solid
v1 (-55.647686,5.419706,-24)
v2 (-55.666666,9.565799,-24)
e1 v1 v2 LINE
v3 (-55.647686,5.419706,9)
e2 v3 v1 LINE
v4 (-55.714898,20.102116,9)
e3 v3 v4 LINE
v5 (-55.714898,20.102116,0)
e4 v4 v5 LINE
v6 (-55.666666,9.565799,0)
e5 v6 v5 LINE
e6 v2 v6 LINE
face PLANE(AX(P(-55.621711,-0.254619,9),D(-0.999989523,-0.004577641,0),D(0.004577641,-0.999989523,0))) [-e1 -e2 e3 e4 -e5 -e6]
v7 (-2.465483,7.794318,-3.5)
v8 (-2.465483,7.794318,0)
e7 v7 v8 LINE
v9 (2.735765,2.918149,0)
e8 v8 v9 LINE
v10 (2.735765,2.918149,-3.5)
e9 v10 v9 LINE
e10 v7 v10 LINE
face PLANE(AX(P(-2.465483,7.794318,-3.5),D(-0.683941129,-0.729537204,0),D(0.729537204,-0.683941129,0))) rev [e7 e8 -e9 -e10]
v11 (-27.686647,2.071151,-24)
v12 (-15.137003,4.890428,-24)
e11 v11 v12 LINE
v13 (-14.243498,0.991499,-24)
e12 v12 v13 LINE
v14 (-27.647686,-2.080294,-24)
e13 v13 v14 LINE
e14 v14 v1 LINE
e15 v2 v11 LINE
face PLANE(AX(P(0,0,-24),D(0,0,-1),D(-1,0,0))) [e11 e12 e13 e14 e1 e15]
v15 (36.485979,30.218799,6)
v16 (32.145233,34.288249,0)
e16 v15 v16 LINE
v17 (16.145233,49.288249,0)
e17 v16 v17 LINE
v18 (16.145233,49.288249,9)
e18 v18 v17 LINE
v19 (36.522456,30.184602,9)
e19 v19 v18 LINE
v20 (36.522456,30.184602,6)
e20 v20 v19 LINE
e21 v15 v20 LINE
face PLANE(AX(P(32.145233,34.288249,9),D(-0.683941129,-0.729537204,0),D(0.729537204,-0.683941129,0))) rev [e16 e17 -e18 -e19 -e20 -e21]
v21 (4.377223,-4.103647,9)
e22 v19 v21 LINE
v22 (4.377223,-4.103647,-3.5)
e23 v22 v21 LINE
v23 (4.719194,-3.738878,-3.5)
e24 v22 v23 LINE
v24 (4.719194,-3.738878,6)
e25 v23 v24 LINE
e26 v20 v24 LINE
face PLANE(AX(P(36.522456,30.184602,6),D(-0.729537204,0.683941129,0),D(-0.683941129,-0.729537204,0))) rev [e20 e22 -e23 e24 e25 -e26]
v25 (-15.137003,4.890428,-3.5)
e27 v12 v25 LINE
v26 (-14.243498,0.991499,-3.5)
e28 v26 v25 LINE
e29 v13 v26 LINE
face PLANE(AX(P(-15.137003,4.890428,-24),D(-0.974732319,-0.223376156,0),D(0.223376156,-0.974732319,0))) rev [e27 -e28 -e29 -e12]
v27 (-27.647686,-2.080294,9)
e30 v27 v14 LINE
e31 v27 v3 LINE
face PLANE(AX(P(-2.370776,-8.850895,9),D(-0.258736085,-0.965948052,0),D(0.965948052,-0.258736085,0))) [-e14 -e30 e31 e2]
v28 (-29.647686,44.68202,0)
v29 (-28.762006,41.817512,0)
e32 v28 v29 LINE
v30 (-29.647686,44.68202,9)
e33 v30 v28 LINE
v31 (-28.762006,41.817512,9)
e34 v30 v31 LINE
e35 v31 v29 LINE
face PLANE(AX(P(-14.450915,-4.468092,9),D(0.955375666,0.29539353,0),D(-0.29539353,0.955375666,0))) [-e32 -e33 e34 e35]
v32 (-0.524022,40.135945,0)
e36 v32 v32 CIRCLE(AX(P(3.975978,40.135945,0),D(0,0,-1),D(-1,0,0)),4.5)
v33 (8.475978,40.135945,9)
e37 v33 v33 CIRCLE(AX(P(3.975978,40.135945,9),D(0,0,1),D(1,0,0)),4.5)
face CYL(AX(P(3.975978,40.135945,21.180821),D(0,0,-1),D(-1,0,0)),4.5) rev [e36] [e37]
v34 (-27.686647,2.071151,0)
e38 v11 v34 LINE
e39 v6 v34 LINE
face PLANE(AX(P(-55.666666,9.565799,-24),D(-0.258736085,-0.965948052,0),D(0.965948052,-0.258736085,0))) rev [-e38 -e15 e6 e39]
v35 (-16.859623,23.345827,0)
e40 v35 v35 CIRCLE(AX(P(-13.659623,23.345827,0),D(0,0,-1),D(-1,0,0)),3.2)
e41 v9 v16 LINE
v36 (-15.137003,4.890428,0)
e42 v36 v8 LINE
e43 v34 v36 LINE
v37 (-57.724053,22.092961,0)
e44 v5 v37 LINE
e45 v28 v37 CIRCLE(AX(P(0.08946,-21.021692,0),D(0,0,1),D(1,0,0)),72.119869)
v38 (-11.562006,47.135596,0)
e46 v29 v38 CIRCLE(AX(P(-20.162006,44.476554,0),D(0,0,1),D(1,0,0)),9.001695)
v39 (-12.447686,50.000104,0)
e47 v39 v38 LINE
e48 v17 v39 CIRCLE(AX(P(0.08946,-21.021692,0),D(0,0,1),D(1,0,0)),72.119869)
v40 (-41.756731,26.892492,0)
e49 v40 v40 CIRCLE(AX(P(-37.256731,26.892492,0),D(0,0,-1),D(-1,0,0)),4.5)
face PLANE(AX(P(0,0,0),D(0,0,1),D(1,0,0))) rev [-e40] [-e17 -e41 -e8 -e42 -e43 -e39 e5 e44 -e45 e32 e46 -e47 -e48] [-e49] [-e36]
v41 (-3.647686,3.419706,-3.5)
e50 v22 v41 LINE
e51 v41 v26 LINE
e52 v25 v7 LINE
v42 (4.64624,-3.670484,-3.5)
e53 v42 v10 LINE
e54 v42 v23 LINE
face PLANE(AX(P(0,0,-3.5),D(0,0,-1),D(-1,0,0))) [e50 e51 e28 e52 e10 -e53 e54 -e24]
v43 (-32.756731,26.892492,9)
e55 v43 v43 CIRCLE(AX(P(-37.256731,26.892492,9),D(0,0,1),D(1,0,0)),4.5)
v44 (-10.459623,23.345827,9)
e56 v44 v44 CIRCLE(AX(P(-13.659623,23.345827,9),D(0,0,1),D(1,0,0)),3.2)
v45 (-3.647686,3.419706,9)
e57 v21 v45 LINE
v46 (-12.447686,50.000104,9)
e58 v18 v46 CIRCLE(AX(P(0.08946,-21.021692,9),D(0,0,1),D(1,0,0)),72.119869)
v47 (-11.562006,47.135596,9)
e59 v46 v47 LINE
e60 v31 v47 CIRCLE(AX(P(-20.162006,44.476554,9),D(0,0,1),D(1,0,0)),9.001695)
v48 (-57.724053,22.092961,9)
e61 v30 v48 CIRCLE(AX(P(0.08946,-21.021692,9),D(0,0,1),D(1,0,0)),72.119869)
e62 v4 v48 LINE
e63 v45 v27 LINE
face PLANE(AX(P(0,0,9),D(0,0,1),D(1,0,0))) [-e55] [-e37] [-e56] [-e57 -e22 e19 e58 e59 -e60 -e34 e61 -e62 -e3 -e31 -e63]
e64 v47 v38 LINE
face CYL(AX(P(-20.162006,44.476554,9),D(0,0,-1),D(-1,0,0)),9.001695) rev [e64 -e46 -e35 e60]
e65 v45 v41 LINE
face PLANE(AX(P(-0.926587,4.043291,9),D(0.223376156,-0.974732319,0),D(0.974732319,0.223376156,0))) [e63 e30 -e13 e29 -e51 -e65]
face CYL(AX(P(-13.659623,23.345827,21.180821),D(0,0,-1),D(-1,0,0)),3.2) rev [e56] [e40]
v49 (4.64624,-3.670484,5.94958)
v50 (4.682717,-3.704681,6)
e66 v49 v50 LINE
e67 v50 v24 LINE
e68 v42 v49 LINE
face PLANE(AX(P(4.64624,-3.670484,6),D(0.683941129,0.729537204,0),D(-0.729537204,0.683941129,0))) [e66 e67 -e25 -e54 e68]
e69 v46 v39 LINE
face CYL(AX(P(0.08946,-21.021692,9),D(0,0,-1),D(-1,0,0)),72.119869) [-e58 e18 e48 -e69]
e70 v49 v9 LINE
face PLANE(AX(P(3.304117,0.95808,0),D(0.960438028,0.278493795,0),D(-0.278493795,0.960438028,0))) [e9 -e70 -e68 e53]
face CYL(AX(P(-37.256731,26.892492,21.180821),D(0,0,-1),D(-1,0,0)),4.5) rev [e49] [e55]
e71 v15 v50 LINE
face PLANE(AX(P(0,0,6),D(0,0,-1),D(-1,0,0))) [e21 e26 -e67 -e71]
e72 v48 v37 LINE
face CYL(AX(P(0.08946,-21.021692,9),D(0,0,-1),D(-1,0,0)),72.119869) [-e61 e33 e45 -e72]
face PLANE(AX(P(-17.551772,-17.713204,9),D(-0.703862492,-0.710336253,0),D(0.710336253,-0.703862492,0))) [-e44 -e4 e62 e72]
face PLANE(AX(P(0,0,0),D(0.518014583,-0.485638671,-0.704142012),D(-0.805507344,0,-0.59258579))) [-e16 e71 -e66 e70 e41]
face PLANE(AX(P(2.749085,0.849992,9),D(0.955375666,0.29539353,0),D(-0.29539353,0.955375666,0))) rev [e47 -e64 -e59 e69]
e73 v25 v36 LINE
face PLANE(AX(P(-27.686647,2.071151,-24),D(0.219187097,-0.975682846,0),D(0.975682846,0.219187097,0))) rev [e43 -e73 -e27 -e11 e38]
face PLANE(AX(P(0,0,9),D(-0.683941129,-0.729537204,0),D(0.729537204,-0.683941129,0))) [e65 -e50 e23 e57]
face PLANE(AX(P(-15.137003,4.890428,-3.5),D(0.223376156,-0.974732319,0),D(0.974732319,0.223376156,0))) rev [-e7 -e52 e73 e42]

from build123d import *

# Parameters (mm, degrees)
ESTRUSIONE_ESTRUSIONE1_DEPTH = 9
ESTRUSIONE_SOTTILE1_DEPTH    = 3
ESTRUSIONE_ESTRUSIONE2_DEPTH = 3.5
SCHIZZO4_W                   = 9.5
SCHIZZO4_H                   = 0.5
ESTRUSIONE_ESTRUSIONE3_DEPTH = 0.1
ESTRUSIONE_ESTRUSIONE4_DEPTH = 24
SCHIZZO6_R                   = 4.5
SCHIZZO6_R_2                 = 3.2
TAGLIO_ESTRUSIONE1_DEPTH     = 81.740882068


with BuildPart() as part:
    # Schizzo1 → Estrusione-Estrusione1 (new body)
    with BuildSketch(Plane.XY):
        with BuildLine():
            Line((-3.647686021, 3.419705644), (0, 0))
            Line((0, 0), (32.145233057, 34.288248595))
            Line((32.145233057, 34.288248595), (16.145233057, 49.288248595))
            ThreePointArc((16.145233057, 49.288248595), (1.884416467, 51.07583724), (-12.447686021, 50.000104337))
            Line((-12.447686021, 50.000104337), (-11.562006013, 47.13559635))
            ThreePointArc((-11.562006013, 47.13559635), (-17.502963658, 35.876553995), (-28.762006013, 41.81751164))
            Line((-28.762006013, 41.81751164), (-29.647686021, 44.682019626))
            ThreePointArc((-29.647686021, 44.682019626), (-45.119453561, 35.169318817), (-57.724052903, 22.09296065))
            Line((-57.724052903, 22.09296065), (-55.714897525, 20.102116027))
            Line((-55.714897525, 20.102116027), (-55.647686021, 5.419705644))
            Line((-55.647686021, 5.419705644), (-27.647686021, -2.080294356))
            Line((-27.647686021, -2.080294356), (-3.647686021, 3.419705644))
        make_face()
    extrude(amount=ESTRUSIONE_ESTRUSIONE1_DEPTH)


with BuildPart() as body_2:
    # Schizzo2 → Estrusione-Sottile1 (new body)
    with BuildSketch(Plane.XY.offset(9)):
        Polygon((36.522456282, 30.184601821), (4.377223225, -4.103646773), (4.340746365, -4.069449717), (36.485979422, 30.218798878), align=None)
    extrude(amount=-ESTRUSIONE_SOTTILE1_DEPTH)


    add(part.part)  # loft1 joins it to this body
    # loft from a face of the part (loft1)
    loft([body_2.faces().sort_by_distance((20.413362893, 13.07467458, 7.5))[0], body_2.faces().sort_by_distance((16.072616529, 17.144124297, 4.5))[0]])

    # Schizzo3 → Estrusione-Estrusione2 (add)
    with BuildSketch(Plane(origin=(0, 0, 0), x_dir=(-1, 0, 0), z_dir=(0, 0, -1))):
        Polygon((0, 0), (3.647686021, 3.419705644), (14.243498137, 0.991498701), (15.137002762, 4.890427975), (2.465482621, 7.794318007), (-2.735764516, 2.918148817), align=None)
    extrude(amount=ESTRUSIONE_ESTRUSIONE2_DEPTH)

    # Schizzo4 → Estrusione-Estrusione3 (add)
    with BuildSketch(Plane(origin=(4.377223225, -4.103646773, 0), x_dir=(0, 0, -1), z_dir=(0.7295372041400824, -0.6839411288813327, 0))):
        with Locations((-1.25, 0.25)):
            Rectangle(SCHIZZO4_W, SCHIZZO4_H)
    extrude(amount=-ESTRUSIONE_ESTRUSIONE3_DEPTH)

    # loft from a face of the part (loft3)
    loft([body_2.faces().sort_by_distance((4.475254787, -3.852868359, 1.224789916))[0], body_2.faces().sort_by_distance((1.367882258, 1.459074408, -1.75))[0]])

    # Schizzo5 → Estrusione-Estrusione4 (add)
    with BuildSketch(Plane(origin=(0, 0, 0), x_dir=(-1, 0, 0), z_dir=(0, 0, -1))):
        Polygon((14.243498137, 0.991498701), (27.647686021, -2.080294356), (55.647686021, 5.419705644), (55.666665545, 9.565798886), (27.686647069, 2.07115108), (15.137002762, 4.890427975), align=None)
    extrude(amount=ESTRUSIONE_ESTRUSIONE4_DEPTH)

    # Schizzo6 → Taglio-Estrusione1 (cut, through all)
    with BuildSketch(Plane(origin=(0, 0, 0), x_dir=(-1, 0, 0), z_dir=(0, 0, -1))):
        with Locations((-3.975977763, 40.135945247)):
            Circle(SCHIZZO6_R)
        with Locations((13.659623442, 23.345827018)):
            Circle(SCHIZZO6_R_2)
        with Locations((37.256730628, 26.89249206)):
            Circle(SCHIZZO6_R)
    extrude(amount=-TAGLIO_ESTRUSIONE1_DEPTH, mode=Mode.SUBTRACT)


solid = body_2.part
